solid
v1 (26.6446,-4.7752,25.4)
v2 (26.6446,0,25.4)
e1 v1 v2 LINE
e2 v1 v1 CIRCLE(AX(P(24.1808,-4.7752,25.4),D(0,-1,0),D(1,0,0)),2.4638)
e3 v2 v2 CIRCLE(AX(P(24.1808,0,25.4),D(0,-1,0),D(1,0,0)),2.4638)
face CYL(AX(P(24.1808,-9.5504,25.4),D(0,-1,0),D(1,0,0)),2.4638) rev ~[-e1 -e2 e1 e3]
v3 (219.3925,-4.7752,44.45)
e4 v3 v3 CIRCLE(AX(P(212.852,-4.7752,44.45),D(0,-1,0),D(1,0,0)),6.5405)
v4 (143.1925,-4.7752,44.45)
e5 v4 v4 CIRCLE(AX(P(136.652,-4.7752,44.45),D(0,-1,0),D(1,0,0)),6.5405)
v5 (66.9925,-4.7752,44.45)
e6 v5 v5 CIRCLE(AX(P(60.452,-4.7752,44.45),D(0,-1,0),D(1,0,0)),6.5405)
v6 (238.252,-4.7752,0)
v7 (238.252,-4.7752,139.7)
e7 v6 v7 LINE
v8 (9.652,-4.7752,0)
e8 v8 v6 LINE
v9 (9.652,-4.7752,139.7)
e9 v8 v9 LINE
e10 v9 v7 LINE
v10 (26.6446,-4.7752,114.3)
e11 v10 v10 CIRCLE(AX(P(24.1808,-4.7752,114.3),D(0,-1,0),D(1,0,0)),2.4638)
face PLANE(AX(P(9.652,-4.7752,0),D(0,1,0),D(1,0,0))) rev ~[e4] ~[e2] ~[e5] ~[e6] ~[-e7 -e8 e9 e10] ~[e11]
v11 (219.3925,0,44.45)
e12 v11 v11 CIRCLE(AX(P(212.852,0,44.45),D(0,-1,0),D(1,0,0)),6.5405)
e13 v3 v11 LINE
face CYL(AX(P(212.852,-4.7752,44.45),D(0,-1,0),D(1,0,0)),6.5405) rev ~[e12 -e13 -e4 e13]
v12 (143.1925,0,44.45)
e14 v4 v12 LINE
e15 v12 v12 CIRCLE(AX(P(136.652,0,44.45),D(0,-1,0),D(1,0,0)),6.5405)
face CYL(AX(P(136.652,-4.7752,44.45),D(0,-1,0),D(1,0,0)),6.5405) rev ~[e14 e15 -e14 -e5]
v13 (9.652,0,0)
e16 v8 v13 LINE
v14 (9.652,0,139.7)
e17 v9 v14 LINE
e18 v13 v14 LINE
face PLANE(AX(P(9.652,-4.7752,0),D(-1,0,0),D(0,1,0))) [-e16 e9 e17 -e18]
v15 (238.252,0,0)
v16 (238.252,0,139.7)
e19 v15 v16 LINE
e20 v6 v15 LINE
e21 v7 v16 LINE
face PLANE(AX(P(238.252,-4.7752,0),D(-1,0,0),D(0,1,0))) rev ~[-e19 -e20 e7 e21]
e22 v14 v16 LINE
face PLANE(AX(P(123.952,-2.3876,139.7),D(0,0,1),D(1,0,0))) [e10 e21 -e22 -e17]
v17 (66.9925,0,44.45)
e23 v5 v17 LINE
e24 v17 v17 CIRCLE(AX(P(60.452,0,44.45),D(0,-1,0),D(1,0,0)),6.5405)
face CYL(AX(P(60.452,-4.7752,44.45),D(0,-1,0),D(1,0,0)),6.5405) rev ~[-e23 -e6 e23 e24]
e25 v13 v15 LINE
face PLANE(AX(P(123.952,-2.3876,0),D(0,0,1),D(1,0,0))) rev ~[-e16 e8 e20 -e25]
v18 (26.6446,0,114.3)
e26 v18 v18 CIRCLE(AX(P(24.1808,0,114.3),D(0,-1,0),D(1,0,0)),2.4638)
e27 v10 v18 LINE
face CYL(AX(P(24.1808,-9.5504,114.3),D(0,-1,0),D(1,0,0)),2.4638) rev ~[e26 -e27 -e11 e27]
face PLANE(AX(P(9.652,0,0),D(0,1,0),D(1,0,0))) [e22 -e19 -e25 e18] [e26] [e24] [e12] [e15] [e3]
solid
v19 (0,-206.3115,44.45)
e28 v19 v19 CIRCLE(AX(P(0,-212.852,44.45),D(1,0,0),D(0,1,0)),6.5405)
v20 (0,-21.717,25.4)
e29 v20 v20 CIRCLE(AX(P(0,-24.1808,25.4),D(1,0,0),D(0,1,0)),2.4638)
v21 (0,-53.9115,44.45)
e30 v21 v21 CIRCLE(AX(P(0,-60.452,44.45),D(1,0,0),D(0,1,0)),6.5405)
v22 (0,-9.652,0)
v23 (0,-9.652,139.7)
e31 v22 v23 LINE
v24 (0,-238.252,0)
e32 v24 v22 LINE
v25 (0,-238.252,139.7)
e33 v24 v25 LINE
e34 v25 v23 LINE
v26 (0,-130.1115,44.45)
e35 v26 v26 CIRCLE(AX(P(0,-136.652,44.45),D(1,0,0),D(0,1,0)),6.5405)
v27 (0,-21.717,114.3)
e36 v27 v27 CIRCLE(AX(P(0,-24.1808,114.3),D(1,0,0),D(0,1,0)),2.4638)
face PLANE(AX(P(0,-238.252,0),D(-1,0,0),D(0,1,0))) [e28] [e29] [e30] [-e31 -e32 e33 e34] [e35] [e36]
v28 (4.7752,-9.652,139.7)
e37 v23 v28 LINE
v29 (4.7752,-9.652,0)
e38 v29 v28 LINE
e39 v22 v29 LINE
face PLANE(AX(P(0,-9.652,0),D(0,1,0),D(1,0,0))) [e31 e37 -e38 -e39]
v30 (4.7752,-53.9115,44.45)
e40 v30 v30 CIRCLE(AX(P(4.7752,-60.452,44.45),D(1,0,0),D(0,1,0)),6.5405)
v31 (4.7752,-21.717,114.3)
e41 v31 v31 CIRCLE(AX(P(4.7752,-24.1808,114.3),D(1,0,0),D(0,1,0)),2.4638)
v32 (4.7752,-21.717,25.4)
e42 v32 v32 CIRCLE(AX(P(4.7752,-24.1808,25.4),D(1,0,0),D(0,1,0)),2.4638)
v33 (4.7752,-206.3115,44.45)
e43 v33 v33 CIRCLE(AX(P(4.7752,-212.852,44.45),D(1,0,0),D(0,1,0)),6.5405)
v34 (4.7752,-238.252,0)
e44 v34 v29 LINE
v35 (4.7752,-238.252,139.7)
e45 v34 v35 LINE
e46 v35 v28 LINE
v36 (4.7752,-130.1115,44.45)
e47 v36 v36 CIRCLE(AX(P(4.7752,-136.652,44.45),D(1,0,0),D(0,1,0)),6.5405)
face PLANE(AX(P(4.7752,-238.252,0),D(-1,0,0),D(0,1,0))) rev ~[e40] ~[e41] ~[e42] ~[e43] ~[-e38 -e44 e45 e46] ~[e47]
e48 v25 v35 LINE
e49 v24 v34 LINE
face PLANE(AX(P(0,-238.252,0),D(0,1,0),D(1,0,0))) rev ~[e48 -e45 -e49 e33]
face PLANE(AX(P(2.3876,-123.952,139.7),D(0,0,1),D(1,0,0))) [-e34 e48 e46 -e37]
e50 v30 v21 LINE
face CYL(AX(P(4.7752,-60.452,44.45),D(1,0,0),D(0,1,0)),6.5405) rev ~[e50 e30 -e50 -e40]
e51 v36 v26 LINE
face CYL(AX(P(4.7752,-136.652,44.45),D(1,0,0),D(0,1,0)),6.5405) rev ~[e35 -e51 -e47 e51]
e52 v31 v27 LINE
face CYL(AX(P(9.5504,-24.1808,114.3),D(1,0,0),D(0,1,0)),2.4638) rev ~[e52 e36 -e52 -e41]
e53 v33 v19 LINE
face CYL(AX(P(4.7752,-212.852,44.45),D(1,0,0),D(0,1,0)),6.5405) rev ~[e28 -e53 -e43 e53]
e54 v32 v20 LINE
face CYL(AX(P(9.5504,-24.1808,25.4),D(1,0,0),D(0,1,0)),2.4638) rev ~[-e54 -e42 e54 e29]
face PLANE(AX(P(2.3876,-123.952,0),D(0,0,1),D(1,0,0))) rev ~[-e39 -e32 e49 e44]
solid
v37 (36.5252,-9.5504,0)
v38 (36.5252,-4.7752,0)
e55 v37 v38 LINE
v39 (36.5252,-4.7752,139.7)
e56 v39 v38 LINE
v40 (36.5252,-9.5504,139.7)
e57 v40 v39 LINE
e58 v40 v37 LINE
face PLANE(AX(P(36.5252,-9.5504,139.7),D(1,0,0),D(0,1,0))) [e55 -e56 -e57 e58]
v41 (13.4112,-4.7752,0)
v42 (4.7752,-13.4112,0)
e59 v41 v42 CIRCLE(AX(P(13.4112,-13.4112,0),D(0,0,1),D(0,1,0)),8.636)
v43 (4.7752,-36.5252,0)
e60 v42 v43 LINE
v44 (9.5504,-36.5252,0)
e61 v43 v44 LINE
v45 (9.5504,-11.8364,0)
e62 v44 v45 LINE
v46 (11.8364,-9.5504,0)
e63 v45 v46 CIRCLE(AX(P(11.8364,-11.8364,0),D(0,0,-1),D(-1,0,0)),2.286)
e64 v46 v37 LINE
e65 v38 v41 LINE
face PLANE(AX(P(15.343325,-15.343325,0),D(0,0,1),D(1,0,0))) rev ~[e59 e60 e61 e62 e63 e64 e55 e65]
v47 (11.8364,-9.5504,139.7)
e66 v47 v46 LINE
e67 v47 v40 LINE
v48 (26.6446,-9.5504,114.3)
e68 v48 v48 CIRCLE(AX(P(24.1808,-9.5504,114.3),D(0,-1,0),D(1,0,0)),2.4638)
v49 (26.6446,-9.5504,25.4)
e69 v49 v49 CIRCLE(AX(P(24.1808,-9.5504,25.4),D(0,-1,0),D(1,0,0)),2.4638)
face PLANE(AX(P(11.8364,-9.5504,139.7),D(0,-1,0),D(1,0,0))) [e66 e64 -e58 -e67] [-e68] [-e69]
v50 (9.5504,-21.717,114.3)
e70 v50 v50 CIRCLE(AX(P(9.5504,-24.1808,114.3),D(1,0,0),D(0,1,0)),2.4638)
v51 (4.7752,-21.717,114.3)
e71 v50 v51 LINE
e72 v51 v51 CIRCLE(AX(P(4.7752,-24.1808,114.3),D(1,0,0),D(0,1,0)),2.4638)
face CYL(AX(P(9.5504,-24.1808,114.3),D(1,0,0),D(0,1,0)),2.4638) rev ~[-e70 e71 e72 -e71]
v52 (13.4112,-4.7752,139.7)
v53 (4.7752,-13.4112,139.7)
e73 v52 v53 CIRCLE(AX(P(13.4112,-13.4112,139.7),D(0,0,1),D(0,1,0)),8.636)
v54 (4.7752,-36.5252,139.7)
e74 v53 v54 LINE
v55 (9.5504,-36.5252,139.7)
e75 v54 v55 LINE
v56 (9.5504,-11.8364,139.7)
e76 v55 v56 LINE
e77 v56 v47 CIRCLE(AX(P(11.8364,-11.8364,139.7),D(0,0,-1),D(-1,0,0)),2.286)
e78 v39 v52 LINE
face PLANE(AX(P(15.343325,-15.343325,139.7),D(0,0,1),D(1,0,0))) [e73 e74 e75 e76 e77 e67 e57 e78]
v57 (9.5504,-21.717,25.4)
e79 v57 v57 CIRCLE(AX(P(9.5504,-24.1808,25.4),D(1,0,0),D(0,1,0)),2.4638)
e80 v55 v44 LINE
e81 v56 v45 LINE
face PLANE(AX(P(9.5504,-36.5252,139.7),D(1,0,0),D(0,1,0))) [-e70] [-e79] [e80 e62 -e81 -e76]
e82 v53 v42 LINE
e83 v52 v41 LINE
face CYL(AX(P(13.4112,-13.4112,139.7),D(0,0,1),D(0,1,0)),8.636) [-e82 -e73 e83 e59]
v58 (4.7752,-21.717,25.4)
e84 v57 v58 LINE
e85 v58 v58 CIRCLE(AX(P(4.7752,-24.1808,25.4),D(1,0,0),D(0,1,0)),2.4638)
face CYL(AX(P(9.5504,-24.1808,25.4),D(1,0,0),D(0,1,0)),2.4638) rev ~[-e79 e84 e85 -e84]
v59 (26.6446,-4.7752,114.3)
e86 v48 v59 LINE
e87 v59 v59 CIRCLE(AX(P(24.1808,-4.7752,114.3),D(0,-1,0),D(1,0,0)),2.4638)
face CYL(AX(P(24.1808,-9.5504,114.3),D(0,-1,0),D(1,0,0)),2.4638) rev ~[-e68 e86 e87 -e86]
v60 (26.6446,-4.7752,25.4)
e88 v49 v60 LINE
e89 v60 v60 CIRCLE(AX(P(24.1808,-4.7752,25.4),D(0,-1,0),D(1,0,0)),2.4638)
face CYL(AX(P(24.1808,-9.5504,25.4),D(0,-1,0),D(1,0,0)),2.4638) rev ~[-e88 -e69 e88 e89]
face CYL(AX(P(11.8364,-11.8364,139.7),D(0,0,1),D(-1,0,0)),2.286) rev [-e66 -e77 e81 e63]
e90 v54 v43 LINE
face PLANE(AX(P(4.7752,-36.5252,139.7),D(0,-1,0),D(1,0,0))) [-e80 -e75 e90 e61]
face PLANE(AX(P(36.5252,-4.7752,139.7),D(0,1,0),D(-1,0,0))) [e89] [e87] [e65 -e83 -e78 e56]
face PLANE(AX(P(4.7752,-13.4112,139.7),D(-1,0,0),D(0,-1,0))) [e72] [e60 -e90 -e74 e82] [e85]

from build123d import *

# Parameters (mm, degrees)
F0_W      = 228.6
F0_H      = 4.7752
F1_DEPTH  = 139.7
F0_W_2    = 4.7752
F0_H_2    = 228.6
F3_DEPTH  = 139.7
F4_R      = 6.5405
F5_DEPTH  = 25.4
F6_R      = 6.5405
F7_DEPTH  = 25.4
F8_R      = 2.4638
F9_DEPTH  = 25.4
F10_R     = 2.4638
F11_DEPTH = 25.4
F12_R     = 2.4638
F13_DEPTH = 25.4
F14_R     = 2.4638
F15_DEPTH = 25.4


with BuildPart() as f1:
    # F0 (on Top) → F1 (new body)
    with BuildSketch(Plane.XY):
        with Locations((123.952, -2.3876)):
            Rectangle(F0_W, F0_H)
    extrude(amount=F1_DEPTH)

    # F6 (on face) → F7 (cut)
    with BuildSketch(Plane.XZ.offset(4.7752)):
        with Locations((212.852, 44.45)):
            Circle(F6_R)
        with Locations((136.652, 44.45)):
            Circle(F6_R)
        with Locations((60.452, 44.45)):
            Circle(F6_R)
    extrude(amount=-F7_DEPTH, mode=Mode.SUBTRACT)


with BuildPart() as f1b:
    # F0 (on Top) → F1, piece 2 (new body)
    with BuildSketch(Plane.XY):
        with Locations((2.3876, -123.952)):
            Rectangle(F0_W_2, F0_H_2)
    extrude(amount=F1_DEPTH)

    # F4 (on face) → F5 (cut)
    with BuildSketch(Plane.YZ.offset(4.7752)):
        with Locations((-212.852, 44.45)):
            Circle(F4_R)
        with Locations((-136.652, 44.45)):
            Circle(F4_R)
        with Locations((-60.452, 44.45)):
            Circle(F4_R)
    extrude(amount=-F5_DEPTH, mode=Mode.SUBTRACT)


with BuildPart() as f3:
    # F2 (on face) → F3 (new body)
    with BuildSketch(Plane.XY.offset(139.7)):
        with BuildLine():
            ThreePointArc((13.4112, -4.7752), (7.3046258377, -7.3046258377), (4.7752, -13.4112))
            Line((4.7752, -13.4112), (4.7752, -36.5252))
            Line((4.7752, -36.5252), (9.5504, -36.5252))
            Line((9.5504, -36.5252), (9.5504, -11.8364))
            ThreePointArc((9.5504, -11.8364), (10.2199538982, -10.2199538982), (11.8364, -9.5504))
            Line((11.8364, -9.5504), (36.5252, -9.5504))
            Line((36.5252, -9.5504), (36.5252, -4.7752))
            Line((36.5252, -4.7752), (13.4112, -4.7752))
        make_face()
    extrude(amount=-F3_DEPTH)


with BuildPart() as f9_tool:
    # F8 (on face) → F9 (new body)
    with BuildSketch(Plane.YZ.offset(9.5504)):
        with Locations((-24.1808, 114.3)):
            Circle(F8_R)
        with Locations((-24.1808, 25.4)):
            Circle(F8_R)
    extrude(amount=-F9_DEPTH)


with BuildPart() as f1b_1:
    add(f1b.part)

    # F9: cut by f9_tool
    add(f9_tool.part, mode=Mode.SUBTRACT)


with BuildPart() as f3_1:
    add(f3.part)

    # F9: cut by f9_tool
    add(f9_tool.part, mode=Mode.SUBTRACT)


with BuildPart() as f11_tool:
    # F10 (on face) → F11 (new body)
    with BuildSketch(Plane.XZ.offset(9.5504)):
        with Locations((24.1808, 114.3)):
            Circle(F10_R)
        with Locations((24.1808, 25.4)):
            Circle(F10_R)
    extrude(amount=-F11_DEPTH)


with BuildPart() as f1_1:
    add(f1.part)

    # F11: cut by f11_tool
    add(f11_tool.part, mode=Mode.SUBTRACT)

    # F12 (on face) → F13 (cut)
    with BuildSketch(Plane.YZ.offset(4.7752)):
        with Locations((-24.1808, 114.3)):
            Circle(F12_R)
        with Locations((-24.1808, 25.4)):
            Circle(F12_R)
    extrude(amount=-F13_DEPTH, mode=Mode.SUBTRACT)

    # F14 (on face) → F15 (cut)
    with BuildSketch(Plane.XZ.offset(4.7752)):
        with Locations((24.1808, 114.3)):
            Circle(F14_R)
        with Locations((24.1808, 25.4)):
            Circle(F14_R)
    extrude(amount=-F15_DEPTH, mode=Mode.SUBTRACT)


with BuildPart() as f3_2:
    add(f3_1.part)

    # F11: cut by f11_tool
    add(f11_tool.part, mode=Mode.SUBTRACT)


solid = Compound([f1b_1.part, f1_1.part, f3_2.part])
